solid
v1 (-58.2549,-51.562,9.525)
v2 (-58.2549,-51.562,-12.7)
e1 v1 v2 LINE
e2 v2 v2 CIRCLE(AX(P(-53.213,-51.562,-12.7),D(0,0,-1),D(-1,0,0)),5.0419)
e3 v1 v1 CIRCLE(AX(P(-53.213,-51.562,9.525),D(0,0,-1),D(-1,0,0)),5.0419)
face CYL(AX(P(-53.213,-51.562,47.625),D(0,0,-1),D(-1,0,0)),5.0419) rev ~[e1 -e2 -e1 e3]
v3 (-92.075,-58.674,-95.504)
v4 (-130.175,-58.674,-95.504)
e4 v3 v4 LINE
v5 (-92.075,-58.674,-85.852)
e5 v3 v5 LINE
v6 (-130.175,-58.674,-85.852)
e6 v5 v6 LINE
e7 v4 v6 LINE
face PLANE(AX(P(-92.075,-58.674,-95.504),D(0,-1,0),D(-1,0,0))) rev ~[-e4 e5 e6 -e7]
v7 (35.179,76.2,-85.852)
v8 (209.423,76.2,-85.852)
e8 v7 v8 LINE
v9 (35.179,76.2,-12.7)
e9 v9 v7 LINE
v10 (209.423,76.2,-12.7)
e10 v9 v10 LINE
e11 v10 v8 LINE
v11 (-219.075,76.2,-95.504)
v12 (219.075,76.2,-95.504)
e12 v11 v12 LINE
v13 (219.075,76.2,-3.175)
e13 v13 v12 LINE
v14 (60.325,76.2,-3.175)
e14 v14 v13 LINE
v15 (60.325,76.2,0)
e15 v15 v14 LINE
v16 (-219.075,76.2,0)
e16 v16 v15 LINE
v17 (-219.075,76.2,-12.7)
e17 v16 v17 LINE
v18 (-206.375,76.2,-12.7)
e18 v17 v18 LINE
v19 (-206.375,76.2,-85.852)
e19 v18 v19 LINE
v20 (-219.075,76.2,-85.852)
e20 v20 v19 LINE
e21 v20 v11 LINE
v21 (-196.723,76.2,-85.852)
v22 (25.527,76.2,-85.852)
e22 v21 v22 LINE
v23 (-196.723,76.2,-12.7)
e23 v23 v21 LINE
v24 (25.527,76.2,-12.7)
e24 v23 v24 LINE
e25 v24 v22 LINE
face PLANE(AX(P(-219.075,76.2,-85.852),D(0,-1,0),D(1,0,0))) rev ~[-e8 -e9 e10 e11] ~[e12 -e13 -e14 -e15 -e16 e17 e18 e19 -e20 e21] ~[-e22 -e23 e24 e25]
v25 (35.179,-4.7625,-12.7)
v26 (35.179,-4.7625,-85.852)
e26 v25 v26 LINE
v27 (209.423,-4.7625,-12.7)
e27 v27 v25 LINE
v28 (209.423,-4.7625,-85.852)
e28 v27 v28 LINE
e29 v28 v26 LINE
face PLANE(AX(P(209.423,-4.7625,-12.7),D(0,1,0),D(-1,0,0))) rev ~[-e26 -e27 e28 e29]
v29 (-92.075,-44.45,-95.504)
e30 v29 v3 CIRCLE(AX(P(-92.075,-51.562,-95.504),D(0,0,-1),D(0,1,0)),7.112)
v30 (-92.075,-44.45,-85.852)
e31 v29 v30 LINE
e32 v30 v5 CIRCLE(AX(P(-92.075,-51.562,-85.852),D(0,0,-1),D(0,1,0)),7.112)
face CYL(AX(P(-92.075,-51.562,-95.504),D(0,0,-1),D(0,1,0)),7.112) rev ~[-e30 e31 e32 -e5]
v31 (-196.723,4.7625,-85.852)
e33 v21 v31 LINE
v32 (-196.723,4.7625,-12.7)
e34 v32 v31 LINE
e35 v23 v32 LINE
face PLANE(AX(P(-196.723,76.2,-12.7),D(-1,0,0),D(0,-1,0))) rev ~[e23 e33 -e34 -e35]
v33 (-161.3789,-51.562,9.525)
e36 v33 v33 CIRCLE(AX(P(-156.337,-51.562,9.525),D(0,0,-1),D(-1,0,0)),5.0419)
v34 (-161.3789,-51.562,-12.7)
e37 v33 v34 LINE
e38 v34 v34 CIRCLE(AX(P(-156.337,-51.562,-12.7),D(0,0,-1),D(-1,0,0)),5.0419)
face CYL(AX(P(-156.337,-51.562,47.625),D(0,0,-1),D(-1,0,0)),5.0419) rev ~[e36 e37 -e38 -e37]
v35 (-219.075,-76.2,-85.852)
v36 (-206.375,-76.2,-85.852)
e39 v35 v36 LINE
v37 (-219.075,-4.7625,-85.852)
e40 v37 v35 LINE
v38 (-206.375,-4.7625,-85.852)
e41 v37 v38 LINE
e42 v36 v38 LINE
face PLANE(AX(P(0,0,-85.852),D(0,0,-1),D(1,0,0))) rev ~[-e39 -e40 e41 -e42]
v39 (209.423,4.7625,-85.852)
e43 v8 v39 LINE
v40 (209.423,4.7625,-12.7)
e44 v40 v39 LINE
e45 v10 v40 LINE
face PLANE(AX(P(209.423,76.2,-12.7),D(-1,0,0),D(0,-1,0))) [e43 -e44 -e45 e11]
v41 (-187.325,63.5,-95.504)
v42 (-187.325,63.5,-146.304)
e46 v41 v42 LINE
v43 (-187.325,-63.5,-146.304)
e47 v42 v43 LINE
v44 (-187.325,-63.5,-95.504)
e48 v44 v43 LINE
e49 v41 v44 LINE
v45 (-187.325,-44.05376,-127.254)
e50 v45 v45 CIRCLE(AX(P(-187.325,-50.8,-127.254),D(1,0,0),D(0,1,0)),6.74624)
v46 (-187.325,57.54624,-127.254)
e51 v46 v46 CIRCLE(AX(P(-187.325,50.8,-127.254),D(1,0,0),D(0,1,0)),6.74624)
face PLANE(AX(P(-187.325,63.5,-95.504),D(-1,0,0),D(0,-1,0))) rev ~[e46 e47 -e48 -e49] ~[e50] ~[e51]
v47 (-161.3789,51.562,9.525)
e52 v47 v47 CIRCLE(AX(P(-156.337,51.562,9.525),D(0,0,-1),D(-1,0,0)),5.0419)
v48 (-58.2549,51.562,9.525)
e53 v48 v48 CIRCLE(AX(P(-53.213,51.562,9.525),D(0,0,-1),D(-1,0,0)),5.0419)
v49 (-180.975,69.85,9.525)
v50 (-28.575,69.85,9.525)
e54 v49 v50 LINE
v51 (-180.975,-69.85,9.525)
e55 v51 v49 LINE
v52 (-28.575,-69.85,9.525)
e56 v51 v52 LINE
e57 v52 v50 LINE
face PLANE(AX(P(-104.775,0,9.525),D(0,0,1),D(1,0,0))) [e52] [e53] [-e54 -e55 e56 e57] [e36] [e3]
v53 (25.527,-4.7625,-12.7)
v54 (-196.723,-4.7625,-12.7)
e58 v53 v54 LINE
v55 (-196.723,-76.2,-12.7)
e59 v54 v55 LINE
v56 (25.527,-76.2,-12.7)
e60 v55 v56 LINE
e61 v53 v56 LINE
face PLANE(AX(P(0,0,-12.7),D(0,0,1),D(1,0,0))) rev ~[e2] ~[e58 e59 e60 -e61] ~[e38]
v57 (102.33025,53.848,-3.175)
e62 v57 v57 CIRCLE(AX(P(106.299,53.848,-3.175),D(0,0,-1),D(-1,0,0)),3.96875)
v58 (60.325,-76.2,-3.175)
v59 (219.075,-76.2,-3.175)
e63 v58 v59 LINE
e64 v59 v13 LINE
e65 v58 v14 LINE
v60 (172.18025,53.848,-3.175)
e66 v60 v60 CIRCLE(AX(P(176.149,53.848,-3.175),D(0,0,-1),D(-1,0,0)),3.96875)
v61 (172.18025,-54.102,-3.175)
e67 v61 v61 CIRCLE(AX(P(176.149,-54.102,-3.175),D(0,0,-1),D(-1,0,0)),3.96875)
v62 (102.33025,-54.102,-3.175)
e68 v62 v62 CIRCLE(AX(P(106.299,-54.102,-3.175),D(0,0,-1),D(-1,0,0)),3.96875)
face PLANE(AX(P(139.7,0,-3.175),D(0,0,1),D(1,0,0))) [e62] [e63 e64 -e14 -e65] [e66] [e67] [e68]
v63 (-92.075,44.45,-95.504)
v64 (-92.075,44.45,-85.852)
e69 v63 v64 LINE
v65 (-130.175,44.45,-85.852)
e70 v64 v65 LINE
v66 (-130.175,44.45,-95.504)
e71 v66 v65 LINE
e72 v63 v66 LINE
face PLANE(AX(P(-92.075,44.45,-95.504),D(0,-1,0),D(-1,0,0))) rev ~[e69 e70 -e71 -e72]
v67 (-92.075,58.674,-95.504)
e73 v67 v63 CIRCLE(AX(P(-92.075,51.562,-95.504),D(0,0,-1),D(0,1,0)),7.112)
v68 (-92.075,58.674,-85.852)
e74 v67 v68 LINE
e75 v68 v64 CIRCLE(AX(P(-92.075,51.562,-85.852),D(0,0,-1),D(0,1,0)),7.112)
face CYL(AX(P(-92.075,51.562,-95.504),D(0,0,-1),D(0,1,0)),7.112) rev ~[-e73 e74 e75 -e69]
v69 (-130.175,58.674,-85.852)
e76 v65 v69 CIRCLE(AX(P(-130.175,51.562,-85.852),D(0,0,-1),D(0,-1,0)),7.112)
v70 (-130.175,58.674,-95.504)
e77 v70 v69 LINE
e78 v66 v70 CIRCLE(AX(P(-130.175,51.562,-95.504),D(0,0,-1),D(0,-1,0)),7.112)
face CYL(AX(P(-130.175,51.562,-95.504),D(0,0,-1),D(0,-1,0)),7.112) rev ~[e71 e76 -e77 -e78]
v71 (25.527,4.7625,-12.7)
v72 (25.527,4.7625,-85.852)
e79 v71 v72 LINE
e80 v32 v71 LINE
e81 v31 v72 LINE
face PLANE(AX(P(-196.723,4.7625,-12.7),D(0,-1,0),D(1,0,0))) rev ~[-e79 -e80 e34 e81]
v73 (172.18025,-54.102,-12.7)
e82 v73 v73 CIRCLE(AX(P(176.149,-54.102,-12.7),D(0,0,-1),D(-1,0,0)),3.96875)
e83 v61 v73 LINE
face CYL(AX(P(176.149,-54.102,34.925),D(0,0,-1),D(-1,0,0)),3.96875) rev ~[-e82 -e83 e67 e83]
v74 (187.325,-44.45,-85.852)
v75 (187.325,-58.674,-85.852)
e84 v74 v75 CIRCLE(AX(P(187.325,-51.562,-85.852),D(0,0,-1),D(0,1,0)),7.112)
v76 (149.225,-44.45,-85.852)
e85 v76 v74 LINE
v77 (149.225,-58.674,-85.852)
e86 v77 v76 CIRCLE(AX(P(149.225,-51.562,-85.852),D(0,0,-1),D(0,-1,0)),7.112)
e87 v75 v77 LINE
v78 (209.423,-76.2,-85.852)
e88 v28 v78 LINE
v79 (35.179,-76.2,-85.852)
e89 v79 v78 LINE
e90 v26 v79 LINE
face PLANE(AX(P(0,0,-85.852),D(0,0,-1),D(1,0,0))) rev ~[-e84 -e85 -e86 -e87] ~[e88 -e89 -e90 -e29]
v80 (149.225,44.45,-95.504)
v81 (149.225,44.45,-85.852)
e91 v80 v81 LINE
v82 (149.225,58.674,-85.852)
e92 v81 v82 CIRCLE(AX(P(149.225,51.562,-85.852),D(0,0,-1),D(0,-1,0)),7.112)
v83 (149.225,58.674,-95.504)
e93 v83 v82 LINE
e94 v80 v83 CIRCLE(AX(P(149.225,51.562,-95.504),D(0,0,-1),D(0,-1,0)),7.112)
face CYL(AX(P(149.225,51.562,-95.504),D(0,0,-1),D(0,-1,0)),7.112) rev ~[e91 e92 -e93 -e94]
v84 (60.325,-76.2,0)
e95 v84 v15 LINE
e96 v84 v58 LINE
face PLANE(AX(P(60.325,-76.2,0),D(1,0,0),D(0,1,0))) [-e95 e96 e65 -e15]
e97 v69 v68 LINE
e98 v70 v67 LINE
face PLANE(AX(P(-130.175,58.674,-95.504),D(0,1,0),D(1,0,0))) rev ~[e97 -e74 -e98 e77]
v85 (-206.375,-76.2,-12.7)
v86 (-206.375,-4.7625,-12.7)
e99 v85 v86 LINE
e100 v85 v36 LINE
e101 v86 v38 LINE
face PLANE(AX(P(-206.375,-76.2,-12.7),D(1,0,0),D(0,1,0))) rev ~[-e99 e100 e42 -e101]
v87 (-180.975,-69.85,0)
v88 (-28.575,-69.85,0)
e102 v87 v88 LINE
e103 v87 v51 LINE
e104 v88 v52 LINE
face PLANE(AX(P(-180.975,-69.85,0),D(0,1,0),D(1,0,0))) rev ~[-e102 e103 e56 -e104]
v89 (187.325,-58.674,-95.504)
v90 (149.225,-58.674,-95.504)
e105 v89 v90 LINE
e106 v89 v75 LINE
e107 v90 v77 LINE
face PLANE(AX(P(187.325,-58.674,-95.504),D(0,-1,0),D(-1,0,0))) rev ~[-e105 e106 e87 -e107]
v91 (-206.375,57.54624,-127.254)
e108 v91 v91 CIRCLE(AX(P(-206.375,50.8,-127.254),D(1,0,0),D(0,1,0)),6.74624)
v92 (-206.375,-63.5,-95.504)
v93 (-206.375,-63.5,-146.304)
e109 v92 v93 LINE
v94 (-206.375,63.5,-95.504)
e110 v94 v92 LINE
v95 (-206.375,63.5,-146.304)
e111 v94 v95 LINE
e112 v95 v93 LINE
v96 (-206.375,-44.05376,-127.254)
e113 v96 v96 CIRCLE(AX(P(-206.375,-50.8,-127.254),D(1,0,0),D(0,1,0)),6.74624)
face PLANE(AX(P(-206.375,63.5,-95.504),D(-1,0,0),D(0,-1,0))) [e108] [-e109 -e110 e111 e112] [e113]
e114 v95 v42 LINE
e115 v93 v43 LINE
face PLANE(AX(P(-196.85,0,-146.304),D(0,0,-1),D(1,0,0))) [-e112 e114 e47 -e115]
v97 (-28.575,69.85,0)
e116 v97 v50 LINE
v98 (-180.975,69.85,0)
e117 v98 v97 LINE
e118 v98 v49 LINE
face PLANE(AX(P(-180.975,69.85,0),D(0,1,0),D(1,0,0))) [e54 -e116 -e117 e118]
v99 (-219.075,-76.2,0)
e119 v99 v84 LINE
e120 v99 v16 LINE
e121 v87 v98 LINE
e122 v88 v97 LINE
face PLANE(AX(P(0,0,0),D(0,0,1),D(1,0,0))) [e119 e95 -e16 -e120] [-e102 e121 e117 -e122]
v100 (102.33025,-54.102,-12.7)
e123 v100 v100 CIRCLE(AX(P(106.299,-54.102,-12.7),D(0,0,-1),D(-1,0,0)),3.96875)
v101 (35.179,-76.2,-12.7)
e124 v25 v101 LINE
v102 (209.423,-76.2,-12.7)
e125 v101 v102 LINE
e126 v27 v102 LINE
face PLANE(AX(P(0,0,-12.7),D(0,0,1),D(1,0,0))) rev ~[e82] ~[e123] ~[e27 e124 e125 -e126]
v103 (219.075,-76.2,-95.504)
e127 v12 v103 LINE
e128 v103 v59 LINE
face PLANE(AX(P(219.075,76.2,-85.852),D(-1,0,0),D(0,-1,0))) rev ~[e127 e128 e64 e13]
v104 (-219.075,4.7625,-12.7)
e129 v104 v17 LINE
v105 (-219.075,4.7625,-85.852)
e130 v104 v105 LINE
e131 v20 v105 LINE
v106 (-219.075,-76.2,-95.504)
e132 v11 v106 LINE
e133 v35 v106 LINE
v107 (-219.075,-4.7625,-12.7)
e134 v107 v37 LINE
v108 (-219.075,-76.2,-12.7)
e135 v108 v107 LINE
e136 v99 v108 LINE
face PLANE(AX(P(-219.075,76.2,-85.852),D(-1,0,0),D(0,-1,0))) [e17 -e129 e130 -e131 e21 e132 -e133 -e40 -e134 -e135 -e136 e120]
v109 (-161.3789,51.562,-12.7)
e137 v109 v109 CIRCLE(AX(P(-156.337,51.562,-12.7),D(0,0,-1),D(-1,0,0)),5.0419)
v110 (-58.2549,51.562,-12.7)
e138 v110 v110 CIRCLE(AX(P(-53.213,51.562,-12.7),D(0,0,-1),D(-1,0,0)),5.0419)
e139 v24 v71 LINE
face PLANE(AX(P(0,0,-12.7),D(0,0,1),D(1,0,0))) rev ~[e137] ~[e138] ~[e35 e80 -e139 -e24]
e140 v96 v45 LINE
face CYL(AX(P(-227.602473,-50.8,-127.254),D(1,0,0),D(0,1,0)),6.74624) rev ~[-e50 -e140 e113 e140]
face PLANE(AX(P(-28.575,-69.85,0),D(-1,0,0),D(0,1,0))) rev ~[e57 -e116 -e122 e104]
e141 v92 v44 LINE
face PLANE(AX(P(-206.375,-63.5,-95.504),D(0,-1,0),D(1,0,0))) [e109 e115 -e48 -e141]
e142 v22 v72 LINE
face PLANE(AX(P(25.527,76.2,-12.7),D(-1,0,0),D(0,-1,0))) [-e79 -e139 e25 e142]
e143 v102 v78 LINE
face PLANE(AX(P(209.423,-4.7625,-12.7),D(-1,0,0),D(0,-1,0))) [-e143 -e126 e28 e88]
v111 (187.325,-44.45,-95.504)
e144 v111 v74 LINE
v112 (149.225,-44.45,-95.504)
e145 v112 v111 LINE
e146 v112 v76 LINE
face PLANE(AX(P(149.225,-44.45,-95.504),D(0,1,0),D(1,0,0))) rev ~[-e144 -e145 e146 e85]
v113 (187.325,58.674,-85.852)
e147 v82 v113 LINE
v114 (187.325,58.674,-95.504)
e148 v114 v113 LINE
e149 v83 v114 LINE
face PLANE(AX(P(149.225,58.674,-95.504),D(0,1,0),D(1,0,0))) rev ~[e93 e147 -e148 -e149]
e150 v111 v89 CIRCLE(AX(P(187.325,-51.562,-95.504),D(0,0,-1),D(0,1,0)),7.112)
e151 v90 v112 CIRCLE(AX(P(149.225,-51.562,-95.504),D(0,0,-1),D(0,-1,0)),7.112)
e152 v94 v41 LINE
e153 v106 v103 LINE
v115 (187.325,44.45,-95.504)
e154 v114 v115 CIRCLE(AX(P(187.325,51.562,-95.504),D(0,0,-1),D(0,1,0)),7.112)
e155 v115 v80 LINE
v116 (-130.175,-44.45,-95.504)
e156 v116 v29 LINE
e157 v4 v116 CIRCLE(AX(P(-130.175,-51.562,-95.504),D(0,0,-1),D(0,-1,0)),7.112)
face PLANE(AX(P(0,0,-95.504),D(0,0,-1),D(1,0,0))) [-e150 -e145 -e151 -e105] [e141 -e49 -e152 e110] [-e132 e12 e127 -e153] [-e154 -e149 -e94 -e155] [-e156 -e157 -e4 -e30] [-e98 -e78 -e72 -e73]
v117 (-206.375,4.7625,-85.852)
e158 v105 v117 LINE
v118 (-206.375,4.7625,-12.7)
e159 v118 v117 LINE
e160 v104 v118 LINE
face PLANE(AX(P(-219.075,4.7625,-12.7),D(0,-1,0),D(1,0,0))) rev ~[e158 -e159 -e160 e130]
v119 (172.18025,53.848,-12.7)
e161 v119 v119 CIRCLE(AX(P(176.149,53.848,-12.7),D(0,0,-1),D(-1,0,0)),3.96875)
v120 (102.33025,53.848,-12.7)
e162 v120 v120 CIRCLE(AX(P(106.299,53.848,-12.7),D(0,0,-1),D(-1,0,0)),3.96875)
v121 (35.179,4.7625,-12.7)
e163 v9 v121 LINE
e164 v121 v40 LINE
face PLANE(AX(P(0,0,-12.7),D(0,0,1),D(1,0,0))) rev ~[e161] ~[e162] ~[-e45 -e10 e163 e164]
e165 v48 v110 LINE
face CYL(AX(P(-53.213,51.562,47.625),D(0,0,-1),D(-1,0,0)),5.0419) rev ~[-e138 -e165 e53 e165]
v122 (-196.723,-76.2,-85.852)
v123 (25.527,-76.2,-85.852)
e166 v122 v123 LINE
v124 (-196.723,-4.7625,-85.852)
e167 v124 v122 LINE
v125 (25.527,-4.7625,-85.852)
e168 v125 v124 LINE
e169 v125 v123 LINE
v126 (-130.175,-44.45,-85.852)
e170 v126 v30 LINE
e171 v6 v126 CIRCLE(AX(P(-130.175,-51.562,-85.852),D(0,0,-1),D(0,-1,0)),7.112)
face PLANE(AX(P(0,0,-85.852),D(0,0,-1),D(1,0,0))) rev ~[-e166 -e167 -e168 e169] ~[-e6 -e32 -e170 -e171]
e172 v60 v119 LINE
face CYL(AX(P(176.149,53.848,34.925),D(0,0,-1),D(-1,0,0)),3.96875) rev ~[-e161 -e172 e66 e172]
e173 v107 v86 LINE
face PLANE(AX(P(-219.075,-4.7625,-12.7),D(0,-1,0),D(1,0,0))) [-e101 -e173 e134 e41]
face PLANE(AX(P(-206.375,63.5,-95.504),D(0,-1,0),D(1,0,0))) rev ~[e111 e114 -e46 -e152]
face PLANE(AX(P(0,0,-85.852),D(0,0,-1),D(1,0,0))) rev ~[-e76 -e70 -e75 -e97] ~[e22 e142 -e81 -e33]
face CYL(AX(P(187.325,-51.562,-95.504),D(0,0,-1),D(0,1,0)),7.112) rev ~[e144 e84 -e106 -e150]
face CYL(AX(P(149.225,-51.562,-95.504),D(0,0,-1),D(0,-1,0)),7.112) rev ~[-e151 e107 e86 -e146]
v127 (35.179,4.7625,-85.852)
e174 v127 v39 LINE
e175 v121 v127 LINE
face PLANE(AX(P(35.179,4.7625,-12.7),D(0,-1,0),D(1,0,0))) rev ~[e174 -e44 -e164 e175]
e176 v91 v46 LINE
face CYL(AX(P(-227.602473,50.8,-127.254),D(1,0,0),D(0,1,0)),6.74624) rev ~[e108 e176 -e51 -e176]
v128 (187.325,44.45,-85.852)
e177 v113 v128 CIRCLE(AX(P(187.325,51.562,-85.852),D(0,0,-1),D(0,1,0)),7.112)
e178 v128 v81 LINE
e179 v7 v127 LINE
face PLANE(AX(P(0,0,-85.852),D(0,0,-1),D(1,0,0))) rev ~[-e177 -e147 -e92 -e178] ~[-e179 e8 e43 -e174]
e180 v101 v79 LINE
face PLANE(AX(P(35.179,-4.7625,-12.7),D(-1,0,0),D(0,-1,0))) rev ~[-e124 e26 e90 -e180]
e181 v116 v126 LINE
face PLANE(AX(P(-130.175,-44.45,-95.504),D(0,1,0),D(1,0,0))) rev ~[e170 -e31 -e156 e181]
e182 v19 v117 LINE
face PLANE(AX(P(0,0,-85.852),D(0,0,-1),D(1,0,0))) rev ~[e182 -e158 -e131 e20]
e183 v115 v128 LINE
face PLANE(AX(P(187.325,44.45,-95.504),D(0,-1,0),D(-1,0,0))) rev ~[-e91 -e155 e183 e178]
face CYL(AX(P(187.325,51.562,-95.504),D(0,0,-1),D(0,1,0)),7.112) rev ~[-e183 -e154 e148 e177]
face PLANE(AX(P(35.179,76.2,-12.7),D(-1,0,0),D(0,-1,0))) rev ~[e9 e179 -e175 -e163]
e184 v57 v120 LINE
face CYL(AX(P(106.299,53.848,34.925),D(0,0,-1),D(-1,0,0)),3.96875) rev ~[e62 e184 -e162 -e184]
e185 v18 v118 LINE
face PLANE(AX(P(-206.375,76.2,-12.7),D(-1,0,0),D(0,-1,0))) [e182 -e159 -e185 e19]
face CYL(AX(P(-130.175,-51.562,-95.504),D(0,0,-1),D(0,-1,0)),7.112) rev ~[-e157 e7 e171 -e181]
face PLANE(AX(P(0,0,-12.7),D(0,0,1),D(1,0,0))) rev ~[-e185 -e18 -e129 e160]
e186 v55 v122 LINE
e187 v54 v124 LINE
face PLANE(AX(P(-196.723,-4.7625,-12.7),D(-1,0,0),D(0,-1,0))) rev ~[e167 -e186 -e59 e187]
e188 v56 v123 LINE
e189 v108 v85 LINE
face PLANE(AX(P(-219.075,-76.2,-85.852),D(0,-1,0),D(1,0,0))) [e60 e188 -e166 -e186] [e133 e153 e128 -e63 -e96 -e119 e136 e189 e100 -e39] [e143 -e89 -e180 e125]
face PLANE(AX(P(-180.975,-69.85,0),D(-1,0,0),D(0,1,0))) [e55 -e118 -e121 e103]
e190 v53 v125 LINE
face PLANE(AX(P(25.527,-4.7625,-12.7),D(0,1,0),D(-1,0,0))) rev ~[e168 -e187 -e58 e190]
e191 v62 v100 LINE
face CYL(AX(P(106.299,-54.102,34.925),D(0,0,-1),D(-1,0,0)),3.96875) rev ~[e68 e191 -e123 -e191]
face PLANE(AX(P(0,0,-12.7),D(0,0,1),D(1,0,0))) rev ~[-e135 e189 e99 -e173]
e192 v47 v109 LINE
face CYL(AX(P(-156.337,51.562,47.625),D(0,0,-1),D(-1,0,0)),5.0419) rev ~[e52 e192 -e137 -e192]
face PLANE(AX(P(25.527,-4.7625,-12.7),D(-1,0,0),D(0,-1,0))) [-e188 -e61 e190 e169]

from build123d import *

# Parameters (mm, degrees)
F0_W      = 438.15
F0_H      = 152.4
F1_DEPTH  = 12.7
F2_W      = 152.4
F2_H      = 139.7
F3_DEPTH  = 9.525
F4_W      = 9.652
F4_H      = 71.4375
F4_H_2    = 9.525
F4_W_2    = 12.7
F4_W_3    = 222.25
F4_W_4    = 174.244
F5_DEPTH  = 73.152
F6_W      = 438.15
F6_H      = 152.4
F7_DEPTH  = 9.652
F9_DEPTH  = 25.4
F11_D     = 10.0838
F11_DEPTH = 38.1
F11_TIP   = 3.0294791551
F12_W     = 158.75
F12_H     = 152.4
F13_DEPTH = 3.175
F15_D     = 7.9375
F15_DEPTH = 38.1
F15_TIP   = 2.3846655818
F16_W     = 19.05
F16_H     = 127
F17_DEPTH = 50.8
F19_D     = 13.49248
F19_DEPTH = 21.2274727273
F19_TIP   = 4.0535499425


with BuildPart() as f1:
    # F0 (on Top) → F1 (new body)
    with BuildSketch(Plane.XY):
        Rectangle(F0_W, F0_H)
    extrude(amount=-F1_DEPTH)

    # F2 (on face) → F3 (join)
    with BuildSketch(Plane.XY):
        with Locations((-104.775, 0)):
            Rectangle(F2_W, F2_H)
    extrude(amount=F3_DEPTH)

    # F4 (on face) → F5 (join)
    with BuildSketch(Plane(origin=(0, 0, -12.7), x_dir=(1, 0, 0), z_dir=(0, 0, -1))):
        with Locations((-201.549, 40.48125)):
            Rectangle(F4_W, F4_H)
        with Locations((-201.549, 0)):
            Rectangle(F4_W, F4_H_2)
        with Locations((-212.725, 0)):
            Rectangle(F4_W_2, F4_H_2)
        with Locations((-85.598, 0)):
            Rectangle(F4_W_3, F4_H_2)
        with Locations((-201.549, -40.48125)):
            Rectangle(F4_W, F4_H)
        with Locations((30.353, 0)):
            Rectangle(F4_W, F4_H_2)
        with Locations((30.353, 40.48125)):
            Rectangle(F4_W, F4_H)
        with Locations((30.353, -40.48125)):
            Rectangle(F4_W, F4_H)
        with Locations((122.301, 0)):
            Rectangle(F4_W_4, F4_H_2)
        with Locations((214.249, 0)):
            Rectangle(F4_W, F4_H_2)
        with Locations((214.249, 40.48125)):
            Rectangle(F4_W, F4_H)
        with Locations((214.249, -40.48125)):
            Rectangle(F4_W, F4_H)
    extrude(amount=F5_DEPTH)

    # F6 (on face) → F7 (join)
    with BuildSketch(Plane(origin=(0, 0, -85.852), x_dir=(1, 0, 0), z_dir=(0, 0, -1))):
        Rectangle(F6_W, F6_H)
    extrude(amount=F7_DEPTH)

    # F8 (on face) → F9 (cut)
    with BuildSketch(Plane(origin=(0, 0, -95.504), x_dir=(1, 0, 0), z_dir=(0, 0, -1))):
        with BuildLine():
            Line((-130.175, 44.45), (-92.075, 44.45))
            ThreePointArc((-92.075, 44.45), (-84.963, 51.562), (-92.075, 58.674))
            Line((-92.075, 58.674), (-130.175, 58.674))
            ThreePointArc((-130.175, 58.674), (-137.287, 51.562), (-130.175, 44.45))
        make_face()
        with BuildLine():
            ThreePointArc((-130.175, -44.45), (-137.287, -51.562), (-130.175, -58.674))
            Line((-130.175, -58.674), (-92.075, -58.674))
            ThreePointArc((-92.075, -58.674), (-84.963, -51.562), (-92.075, -44.45))
            Line((-92.075, -44.45), (-130.175, -44.45))
        make_face()
        with BuildLine():
            Line((187.325, 58.674), (149.225, 58.674))
            ThreePointArc((149.225, 58.674), (142.113, 51.562), (149.225, 44.45))
            Line((149.225, 44.45), (187.325, 44.45))
            ThreePointArc((187.325, 44.45), (194.437, 51.562), (187.325, 58.674))
        make_face()
        with BuildLine():
            ThreePointArc((149.225, -44.45), (142.113, -51.562), (149.225, -58.674))
            Line((149.225, -58.674), (187.325, -58.674))
            ThreePointArc((187.325, -58.674), (194.437, -51.562), (187.325, -44.45))
            Line((187.325, -44.45), (149.225, -44.45))
        make_face()
    extrude(amount=-F9_DEPTH, mode=Mode.SUBTRACT)

    # F11
    with Locations(Plane.XY.offset(9.525)):
        with Locations((-156.337, 51.562), (-53.213, 51.562), (-156.337, -51.562), (-53.213, -51.562)):
            Hole(F11_D / 2, depth=F11_DEPTH)
            with Locations((0, 0, -(F11_DEPTH + F11_TIP / 2))):  # 118° drill point
                Cone(0, F11_D / 2, F11_TIP, mode=Mode.SUBTRACT)

    # F12 (on face) → F13 (cut)
    with BuildSketch(Plane.XY):
        with Locations((139.7, 0)):
            Rectangle(F12_W, F12_H)
    extrude(amount=-F13_DEPTH, mode=Mode.SUBTRACT)

    # F15
    with Locations(Plane.XY.offset(-3.175)):
        with Locations((106.299, 53.848), (176.149, 53.848), (176.149, -54.102), (106.299, -54.102)):
            Hole(F15_D / 2, depth=F15_DEPTH)
            with Locations((0, 0, -(F15_DEPTH + F15_TIP / 2))):  # 118° drill point
                Cone(0, F15_D / 2, F15_TIP, mode=Mode.SUBTRACT)

    # F16 (on face) → F17 (join)
    with BuildSketch(Plane(origin=(0, 0, -95.504), x_dir=(1, 0, 0), z_dir=(0, 0, -1))):
        with Locations((-196.85, 0)):
            Rectangle(F16_W, F16_H)
    extrude(amount=F17_DEPTH)

    # F19
    with Locations(Plane(origin=(-206.375, 0, 0), x_dir=(0, -1, 0), z_dir=(-1, 0, 0))):
        with Locations((50.8, -127.254), (-50.8, -127.254)):
            Hole(F19_D / 2, depth=F19_DEPTH)
            with Locations((0, 0, -(F19_DEPTH + F19_TIP / 2))):  # 118° drill point
                Cone(0, F19_D / 2, F19_TIP, mode=Mode.SUBTRACT)


solid = f1.part
